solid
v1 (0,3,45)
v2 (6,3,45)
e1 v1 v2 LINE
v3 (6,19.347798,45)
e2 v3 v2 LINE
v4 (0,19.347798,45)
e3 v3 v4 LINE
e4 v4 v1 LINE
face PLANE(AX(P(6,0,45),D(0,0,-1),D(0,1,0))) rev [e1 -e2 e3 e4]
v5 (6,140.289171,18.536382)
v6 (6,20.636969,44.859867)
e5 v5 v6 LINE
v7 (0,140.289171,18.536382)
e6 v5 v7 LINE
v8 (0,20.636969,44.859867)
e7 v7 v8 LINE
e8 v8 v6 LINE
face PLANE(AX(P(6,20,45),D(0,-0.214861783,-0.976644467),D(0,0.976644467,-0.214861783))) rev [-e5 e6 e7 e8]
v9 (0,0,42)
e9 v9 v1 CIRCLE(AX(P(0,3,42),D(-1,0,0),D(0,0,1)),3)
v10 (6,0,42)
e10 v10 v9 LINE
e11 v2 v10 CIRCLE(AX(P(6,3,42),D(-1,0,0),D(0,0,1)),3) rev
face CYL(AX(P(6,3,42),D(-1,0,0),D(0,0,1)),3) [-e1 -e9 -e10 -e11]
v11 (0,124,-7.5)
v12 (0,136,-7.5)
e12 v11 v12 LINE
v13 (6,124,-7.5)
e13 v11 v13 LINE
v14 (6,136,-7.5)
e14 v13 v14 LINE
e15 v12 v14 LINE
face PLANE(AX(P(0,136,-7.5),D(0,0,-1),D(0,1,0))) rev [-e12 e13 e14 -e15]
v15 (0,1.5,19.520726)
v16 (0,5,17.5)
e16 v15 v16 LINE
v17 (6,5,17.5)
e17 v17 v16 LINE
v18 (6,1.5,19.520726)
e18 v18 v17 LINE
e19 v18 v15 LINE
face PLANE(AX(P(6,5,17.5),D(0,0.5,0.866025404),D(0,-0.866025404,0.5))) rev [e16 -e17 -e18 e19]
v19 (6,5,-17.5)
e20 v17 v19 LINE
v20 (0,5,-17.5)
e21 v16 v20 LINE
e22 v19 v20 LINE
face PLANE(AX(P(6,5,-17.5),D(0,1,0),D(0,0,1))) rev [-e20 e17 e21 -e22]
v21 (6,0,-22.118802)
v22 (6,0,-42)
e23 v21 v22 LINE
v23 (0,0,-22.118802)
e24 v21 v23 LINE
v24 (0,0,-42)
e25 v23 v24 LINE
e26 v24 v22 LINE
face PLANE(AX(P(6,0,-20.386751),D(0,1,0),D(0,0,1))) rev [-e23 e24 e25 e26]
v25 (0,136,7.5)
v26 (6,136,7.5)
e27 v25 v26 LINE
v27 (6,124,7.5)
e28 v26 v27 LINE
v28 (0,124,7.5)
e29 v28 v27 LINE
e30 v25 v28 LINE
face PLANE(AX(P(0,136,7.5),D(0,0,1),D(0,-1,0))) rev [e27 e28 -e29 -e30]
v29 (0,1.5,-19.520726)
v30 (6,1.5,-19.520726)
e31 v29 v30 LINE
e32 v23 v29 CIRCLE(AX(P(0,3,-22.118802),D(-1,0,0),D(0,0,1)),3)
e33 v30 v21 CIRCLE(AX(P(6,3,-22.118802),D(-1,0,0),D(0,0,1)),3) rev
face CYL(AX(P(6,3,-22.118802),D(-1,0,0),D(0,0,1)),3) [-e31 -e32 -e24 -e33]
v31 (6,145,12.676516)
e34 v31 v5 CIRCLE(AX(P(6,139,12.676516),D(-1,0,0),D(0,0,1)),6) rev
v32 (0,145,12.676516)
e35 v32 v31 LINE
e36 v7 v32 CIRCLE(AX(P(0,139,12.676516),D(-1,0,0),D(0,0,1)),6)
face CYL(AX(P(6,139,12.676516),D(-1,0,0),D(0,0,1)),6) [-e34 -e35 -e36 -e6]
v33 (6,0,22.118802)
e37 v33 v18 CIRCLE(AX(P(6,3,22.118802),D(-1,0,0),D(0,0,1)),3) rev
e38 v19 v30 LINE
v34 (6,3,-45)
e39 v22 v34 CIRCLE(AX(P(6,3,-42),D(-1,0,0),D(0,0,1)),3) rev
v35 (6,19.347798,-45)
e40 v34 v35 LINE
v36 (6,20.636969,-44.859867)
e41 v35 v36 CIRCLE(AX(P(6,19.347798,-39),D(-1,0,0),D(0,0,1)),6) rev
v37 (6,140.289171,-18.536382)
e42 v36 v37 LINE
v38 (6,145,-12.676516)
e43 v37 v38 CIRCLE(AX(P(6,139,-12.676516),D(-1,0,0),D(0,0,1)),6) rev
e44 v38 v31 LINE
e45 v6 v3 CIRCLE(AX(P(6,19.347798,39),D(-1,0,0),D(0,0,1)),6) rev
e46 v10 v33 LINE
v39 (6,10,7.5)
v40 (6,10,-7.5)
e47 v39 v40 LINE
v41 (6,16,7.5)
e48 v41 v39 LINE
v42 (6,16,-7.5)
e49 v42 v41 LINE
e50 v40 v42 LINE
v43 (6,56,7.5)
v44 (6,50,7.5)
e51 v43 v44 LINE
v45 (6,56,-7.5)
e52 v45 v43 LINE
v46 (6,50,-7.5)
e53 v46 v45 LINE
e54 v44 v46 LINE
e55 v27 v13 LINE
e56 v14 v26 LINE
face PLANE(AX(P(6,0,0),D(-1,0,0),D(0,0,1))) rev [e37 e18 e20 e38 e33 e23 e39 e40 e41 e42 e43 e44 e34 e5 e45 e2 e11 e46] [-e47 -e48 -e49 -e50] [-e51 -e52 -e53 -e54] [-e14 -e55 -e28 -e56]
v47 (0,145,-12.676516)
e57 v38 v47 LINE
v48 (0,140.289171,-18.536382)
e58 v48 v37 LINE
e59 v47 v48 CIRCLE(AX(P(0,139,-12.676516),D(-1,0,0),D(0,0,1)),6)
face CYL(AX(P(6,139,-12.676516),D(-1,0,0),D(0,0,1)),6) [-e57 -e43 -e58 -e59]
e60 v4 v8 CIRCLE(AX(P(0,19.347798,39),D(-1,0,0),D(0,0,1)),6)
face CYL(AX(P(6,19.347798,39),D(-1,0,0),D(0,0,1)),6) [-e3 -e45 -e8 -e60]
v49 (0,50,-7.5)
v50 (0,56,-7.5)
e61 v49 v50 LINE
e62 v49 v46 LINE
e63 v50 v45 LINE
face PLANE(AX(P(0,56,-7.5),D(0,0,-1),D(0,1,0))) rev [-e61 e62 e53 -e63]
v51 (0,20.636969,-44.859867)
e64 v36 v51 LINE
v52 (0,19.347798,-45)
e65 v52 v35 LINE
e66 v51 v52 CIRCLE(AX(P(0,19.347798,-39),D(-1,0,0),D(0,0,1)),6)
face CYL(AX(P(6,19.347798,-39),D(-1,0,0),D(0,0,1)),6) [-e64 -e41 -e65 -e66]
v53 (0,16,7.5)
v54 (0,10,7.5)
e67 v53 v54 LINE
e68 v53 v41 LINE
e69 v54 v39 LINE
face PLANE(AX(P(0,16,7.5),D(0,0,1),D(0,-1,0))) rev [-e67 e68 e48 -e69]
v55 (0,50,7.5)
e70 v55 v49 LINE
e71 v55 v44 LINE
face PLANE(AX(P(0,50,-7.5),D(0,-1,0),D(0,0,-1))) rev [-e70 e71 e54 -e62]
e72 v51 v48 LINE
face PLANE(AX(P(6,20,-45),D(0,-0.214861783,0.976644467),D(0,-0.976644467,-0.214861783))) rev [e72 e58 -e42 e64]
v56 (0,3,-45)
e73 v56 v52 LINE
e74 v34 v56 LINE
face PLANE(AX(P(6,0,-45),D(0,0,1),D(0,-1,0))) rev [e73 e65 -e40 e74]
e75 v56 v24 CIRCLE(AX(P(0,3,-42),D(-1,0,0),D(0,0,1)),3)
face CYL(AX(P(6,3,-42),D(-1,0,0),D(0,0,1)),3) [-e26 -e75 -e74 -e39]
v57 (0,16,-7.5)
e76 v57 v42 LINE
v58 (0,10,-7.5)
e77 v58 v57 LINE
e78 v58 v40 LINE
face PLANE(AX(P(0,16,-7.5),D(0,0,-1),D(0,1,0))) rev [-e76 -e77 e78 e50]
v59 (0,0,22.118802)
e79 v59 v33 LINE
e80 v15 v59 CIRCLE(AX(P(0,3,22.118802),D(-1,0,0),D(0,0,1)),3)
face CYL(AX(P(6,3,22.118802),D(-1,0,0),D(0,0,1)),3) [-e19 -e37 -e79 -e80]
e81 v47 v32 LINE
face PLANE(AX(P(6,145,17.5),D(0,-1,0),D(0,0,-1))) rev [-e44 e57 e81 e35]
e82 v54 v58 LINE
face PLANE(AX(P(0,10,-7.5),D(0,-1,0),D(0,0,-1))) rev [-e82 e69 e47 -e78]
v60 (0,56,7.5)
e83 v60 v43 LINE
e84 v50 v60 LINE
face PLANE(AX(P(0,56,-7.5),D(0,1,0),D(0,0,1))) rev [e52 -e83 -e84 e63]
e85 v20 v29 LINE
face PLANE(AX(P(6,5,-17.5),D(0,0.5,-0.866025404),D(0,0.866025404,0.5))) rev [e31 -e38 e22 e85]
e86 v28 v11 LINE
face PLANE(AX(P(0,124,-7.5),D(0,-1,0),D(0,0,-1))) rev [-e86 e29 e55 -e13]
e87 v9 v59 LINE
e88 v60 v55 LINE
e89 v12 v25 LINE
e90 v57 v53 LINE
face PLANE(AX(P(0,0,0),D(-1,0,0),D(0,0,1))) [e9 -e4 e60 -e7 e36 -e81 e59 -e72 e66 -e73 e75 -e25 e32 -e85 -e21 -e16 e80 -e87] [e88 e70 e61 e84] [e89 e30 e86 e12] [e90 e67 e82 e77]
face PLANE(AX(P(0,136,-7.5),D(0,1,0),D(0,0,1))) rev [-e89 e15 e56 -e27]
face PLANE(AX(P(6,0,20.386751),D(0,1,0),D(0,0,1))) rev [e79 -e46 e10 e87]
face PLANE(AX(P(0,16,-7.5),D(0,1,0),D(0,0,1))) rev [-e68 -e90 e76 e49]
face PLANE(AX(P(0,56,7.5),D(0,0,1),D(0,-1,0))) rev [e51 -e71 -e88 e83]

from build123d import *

# Parameters (mm, degrees)
GRUNDPLATTE_DEPTH      = 6
SKIZZE2_W              = 15
SKIZZE2_H              = 12
SKIZZE2_H_2            = 6
ZAPFENDURCHBRUCH_DEPTH = 152.940777937
VERRUNDUNG2_R          = 3
VERRUNDUNG3_R          = 6


with BuildPart() as part:
    # Skizze1 → Grundplatte (new body)
    with BuildSketch(Plane(origin=(0, 0, 0), x_dir=(0, 0, -1), z_dir=(1, 0, 0))):
        Polygon((17.5, 5), (-17.5, 5), (-20.386751346, 0), (-45, 0), (-45, 20), (-17.5, 145), (17.5, 145), (45, 20), (45, 0), (20.386751346, 0), align=None)
    extrude(amount=GRUNDPLATTE_DEPTH)

    # Skizze2 → Zapfendurchbruch (cut, through all)
    with BuildSketch(Plane(origin=(6, 0, 0), x_dir=(0, 0, -1), z_dir=(1, 0, 0))):
        with Locations((0, 130)):
            Rectangle(SKIZZE2_W, SKIZZE2_H)
        with Locations((0, 53)):
            Rectangle(SKIZZE2_W, SKIZZE2_H_2)
        with Locations((0, 13)):
            Rectangle(SKIZZE2_W, SKIZZE2_H_2)
    extrude(amount=-ZAPFENDURCHBRUCH_DEPTH, mode=Mode.SUBTRACT)

    # Verrundung2
    verrundung2_edges = [part.edges().sort_by_distance(p)[0] for p in [
        (3, 0, 20.386751346),
        (3, 0, 45),
        (3, 0, -45),
        (3, 0, -20.386751346),
    ]]
    fillet(verrundung2_edges, radius=VERRUNDUNG2_R)

    # Verrundung3
    verrundung3_edges = [part.edges().sort_by_distance(p)[0] for p in [
        (3, 20, 45),
        (3, 145, 17.5),
        (3, 145, -17.5),
        (3, 20, -45),
    ]]
    fillet(verrundung3_edges, radius=VERRUNDUNG3_R)


solid = part.part
